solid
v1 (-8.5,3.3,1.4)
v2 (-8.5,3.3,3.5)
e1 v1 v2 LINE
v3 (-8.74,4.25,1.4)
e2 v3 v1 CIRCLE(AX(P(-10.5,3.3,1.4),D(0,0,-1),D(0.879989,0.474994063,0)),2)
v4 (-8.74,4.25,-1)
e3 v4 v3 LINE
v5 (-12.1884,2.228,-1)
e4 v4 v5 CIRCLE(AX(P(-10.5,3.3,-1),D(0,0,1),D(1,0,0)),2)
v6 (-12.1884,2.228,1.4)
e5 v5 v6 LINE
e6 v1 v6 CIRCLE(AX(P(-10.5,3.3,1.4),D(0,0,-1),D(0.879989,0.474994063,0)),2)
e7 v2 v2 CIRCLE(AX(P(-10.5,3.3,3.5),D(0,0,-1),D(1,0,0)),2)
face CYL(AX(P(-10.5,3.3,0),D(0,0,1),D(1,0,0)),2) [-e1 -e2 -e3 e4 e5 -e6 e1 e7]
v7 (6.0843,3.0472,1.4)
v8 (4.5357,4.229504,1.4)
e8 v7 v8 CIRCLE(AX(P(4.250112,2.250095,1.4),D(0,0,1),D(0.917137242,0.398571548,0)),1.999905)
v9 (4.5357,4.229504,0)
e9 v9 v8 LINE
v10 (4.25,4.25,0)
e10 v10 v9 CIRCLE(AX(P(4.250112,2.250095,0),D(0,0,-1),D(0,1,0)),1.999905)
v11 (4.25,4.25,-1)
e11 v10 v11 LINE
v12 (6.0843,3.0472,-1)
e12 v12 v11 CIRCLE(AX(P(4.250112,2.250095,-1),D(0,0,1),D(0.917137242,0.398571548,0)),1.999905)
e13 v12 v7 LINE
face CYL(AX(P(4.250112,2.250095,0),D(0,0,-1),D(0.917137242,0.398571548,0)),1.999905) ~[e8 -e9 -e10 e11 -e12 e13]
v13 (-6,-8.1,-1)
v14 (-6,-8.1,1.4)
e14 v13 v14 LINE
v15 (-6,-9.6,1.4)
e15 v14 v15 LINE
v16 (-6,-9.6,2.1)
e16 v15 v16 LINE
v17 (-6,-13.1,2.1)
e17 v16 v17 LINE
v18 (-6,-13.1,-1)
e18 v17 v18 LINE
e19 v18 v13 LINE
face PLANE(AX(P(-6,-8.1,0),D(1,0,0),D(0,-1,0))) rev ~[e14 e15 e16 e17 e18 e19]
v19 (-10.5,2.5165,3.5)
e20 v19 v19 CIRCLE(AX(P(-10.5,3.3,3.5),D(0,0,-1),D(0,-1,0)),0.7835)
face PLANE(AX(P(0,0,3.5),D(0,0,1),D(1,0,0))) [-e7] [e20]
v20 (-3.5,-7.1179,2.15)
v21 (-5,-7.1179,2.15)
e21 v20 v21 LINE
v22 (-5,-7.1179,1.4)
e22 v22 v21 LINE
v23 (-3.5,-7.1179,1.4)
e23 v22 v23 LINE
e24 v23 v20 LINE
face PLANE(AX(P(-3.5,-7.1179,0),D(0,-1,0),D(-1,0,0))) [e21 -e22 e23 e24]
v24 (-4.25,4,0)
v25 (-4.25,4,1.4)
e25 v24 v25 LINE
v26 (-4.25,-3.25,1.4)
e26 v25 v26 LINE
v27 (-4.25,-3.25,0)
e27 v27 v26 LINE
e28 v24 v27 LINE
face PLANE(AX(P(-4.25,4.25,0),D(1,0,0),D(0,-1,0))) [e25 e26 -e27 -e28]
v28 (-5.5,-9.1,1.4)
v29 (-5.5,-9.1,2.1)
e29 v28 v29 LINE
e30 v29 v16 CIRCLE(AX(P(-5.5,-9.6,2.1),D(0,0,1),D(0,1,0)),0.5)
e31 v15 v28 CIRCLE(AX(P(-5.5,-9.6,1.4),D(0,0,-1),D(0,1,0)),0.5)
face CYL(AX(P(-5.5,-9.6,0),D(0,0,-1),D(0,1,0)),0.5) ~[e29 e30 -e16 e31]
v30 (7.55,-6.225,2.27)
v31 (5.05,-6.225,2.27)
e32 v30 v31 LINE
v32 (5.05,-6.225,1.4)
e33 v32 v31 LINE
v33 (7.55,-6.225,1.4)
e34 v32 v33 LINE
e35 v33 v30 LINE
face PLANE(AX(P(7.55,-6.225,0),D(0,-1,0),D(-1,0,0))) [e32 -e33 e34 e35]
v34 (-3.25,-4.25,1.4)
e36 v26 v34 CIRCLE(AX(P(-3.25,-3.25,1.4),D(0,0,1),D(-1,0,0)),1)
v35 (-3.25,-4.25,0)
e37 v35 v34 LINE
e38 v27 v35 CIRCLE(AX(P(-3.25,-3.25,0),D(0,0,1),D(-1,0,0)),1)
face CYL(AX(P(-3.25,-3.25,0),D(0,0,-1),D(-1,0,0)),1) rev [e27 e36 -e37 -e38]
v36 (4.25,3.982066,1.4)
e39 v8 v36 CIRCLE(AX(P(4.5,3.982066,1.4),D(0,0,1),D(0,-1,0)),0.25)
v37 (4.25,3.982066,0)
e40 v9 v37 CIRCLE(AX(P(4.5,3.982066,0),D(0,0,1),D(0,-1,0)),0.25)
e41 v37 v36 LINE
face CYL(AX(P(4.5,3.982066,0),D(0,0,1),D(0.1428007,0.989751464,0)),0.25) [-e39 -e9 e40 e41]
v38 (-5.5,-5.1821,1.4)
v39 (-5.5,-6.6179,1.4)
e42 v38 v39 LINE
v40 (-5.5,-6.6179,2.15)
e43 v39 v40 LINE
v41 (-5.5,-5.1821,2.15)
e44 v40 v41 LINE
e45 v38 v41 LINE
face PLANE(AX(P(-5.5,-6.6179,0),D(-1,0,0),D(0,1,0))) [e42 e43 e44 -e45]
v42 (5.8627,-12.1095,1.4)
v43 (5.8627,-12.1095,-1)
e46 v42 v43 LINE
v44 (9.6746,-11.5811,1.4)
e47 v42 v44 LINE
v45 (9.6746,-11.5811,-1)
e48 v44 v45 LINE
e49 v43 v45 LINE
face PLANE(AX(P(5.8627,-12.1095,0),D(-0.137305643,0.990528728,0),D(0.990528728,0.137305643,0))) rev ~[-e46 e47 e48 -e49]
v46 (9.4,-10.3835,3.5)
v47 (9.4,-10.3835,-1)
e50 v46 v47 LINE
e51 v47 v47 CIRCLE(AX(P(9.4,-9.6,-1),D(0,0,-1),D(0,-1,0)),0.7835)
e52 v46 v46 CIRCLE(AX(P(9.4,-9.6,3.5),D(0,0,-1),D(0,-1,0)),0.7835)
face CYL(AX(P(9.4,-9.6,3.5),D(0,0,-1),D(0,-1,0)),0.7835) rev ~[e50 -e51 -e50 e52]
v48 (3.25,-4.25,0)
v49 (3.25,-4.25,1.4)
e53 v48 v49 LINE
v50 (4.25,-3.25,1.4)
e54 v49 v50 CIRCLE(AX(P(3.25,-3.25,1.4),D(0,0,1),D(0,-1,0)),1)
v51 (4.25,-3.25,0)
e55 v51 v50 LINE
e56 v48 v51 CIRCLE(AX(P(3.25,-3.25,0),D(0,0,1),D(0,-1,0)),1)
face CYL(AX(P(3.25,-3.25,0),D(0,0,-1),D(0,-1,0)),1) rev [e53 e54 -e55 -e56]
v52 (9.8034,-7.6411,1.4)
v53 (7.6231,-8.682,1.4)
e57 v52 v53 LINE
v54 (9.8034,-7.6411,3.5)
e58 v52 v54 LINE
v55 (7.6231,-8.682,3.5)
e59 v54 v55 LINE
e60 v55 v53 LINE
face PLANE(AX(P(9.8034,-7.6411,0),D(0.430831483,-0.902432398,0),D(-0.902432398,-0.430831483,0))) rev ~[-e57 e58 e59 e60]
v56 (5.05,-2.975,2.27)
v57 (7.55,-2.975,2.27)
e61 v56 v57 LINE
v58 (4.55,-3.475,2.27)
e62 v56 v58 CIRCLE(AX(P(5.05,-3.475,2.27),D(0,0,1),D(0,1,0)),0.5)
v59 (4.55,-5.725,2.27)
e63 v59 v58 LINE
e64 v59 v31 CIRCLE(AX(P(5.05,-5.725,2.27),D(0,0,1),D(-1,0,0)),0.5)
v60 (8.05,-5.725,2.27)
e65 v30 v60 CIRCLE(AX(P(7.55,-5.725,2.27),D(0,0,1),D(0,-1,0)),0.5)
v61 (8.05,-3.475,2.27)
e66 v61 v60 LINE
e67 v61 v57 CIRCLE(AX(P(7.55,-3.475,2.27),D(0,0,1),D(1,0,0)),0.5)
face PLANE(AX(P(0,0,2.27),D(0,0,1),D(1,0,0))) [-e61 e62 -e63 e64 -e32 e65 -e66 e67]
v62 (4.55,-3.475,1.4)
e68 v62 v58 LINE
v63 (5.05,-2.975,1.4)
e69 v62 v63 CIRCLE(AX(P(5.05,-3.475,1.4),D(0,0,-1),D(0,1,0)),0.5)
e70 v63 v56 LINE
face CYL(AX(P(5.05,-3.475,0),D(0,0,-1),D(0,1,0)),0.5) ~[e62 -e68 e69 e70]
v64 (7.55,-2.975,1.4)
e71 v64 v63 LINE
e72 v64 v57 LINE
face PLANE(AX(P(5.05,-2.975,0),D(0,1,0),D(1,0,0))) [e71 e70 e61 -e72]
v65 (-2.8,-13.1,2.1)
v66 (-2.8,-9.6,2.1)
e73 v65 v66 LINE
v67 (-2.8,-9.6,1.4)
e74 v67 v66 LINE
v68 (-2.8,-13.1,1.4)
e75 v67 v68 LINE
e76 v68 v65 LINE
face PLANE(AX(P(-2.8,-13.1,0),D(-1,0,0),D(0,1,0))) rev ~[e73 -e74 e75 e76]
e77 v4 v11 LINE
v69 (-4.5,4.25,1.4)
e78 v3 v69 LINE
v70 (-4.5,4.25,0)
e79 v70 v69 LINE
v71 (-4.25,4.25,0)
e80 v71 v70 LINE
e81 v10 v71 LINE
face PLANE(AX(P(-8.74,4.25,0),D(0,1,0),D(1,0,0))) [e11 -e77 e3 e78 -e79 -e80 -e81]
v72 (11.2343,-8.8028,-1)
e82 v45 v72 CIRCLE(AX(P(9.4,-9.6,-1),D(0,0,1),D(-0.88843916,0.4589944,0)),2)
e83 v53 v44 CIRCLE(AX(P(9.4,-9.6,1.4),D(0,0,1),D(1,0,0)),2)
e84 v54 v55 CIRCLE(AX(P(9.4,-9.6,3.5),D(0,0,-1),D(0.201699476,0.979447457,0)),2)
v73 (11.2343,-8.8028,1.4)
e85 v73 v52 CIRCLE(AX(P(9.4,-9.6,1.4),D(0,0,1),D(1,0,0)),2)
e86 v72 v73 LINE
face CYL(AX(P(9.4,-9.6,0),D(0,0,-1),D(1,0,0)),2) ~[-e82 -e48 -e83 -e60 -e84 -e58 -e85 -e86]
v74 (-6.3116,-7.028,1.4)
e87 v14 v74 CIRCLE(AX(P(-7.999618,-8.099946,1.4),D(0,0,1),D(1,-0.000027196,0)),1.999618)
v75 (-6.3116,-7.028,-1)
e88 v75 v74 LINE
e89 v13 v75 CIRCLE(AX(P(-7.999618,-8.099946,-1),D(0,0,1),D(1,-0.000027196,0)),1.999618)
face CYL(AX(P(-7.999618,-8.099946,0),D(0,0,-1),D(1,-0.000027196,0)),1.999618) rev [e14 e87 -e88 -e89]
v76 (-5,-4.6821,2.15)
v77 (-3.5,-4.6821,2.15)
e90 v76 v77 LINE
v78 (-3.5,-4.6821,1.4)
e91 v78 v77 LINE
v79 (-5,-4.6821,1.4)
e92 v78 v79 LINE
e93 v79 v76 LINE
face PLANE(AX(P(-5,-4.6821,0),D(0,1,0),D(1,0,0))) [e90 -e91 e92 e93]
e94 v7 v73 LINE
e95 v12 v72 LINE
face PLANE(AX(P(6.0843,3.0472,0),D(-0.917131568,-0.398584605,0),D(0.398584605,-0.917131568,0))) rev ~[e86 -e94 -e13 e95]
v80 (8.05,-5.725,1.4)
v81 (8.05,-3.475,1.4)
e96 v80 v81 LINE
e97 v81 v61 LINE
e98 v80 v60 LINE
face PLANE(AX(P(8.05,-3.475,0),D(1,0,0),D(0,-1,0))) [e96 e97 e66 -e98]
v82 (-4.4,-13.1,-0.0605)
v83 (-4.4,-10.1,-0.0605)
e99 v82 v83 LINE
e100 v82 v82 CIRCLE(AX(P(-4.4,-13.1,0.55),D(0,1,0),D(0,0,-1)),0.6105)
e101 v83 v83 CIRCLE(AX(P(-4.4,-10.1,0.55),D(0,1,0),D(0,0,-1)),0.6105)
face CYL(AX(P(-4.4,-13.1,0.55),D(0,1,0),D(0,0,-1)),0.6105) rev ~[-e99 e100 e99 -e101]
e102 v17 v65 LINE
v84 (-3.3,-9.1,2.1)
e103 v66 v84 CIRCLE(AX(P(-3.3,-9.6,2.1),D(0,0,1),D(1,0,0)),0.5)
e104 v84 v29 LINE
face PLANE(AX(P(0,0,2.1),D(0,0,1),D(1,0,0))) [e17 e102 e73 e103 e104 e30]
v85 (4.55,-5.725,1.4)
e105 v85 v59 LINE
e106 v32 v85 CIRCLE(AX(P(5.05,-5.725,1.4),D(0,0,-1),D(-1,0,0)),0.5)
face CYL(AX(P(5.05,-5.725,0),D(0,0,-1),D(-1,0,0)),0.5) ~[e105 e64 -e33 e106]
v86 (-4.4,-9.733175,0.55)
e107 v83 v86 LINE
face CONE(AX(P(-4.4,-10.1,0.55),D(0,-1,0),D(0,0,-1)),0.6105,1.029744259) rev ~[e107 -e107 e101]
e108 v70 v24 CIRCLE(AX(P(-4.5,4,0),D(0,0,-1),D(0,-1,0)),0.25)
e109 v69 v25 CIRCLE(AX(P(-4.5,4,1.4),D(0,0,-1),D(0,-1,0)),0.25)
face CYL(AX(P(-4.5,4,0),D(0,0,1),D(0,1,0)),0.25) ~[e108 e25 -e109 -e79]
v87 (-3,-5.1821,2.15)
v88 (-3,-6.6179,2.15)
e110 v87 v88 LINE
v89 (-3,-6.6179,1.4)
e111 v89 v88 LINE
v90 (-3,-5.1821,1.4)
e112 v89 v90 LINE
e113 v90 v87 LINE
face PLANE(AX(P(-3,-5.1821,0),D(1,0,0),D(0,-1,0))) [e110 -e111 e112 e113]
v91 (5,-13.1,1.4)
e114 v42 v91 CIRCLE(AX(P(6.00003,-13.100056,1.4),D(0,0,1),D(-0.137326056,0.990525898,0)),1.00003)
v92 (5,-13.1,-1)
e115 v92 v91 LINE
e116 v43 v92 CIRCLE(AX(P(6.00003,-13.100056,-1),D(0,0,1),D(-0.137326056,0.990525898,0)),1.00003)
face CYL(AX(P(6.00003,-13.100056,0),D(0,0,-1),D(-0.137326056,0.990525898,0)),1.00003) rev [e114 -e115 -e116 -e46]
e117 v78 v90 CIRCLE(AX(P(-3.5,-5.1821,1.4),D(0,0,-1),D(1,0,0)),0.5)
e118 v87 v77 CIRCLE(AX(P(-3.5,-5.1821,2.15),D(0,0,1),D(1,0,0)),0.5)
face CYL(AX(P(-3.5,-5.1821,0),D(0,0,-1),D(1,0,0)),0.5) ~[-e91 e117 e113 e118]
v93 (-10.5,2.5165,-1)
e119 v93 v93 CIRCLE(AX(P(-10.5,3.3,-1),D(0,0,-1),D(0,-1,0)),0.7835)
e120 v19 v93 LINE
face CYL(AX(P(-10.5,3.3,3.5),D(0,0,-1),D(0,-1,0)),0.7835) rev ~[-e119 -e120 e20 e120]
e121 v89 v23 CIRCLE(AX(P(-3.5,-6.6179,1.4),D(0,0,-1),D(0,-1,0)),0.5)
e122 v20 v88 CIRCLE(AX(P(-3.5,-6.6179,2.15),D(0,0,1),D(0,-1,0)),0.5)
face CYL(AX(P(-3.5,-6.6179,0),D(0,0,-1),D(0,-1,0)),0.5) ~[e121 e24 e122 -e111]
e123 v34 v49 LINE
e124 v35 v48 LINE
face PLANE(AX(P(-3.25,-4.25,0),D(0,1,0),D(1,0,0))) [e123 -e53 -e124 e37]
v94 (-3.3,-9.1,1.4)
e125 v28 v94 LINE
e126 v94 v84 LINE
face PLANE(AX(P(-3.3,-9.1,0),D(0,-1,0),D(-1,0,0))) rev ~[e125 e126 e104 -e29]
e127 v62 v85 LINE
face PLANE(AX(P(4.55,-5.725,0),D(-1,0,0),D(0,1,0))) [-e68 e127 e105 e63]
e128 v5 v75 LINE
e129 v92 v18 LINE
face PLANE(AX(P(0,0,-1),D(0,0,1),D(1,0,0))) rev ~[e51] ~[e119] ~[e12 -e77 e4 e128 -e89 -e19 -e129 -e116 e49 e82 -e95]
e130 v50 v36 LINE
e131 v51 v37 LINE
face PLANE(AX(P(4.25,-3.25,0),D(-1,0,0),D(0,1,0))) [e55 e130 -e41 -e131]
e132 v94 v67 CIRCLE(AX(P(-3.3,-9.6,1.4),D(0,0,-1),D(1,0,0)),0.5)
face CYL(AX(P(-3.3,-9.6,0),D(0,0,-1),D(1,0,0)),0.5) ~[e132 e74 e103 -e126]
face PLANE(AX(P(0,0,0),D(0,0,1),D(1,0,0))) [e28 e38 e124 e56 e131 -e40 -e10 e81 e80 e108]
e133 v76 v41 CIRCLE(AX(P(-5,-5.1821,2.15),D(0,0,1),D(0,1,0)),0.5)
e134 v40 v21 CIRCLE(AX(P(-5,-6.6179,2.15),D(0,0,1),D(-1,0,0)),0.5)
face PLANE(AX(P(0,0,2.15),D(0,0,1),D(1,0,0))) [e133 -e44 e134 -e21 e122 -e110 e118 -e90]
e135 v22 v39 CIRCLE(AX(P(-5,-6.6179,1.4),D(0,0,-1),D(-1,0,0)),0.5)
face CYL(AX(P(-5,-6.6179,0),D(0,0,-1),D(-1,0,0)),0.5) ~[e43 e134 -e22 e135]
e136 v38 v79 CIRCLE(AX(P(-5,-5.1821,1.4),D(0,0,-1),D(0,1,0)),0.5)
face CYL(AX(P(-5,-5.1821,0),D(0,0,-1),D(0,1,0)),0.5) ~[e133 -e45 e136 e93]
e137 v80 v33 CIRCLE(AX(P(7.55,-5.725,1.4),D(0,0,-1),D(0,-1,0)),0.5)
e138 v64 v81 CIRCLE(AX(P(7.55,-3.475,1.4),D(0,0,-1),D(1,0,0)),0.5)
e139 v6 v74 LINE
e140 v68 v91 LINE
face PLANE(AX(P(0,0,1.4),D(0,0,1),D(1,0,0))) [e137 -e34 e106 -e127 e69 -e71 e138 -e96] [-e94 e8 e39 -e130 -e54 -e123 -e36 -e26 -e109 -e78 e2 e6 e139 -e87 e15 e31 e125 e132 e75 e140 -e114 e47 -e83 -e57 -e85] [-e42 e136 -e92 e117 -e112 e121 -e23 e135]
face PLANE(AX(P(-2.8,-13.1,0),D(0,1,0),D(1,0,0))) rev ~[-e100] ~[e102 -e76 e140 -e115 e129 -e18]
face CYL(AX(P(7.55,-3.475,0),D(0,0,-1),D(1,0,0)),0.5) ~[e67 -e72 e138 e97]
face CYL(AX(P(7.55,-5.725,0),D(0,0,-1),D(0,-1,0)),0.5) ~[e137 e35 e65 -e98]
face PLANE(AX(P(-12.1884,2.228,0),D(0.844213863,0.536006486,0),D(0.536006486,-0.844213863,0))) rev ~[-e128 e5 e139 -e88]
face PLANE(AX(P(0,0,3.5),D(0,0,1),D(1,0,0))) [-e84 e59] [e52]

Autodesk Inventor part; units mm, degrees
ref_plane "YZ Plane" through (0, 0, 0) normal (1, 0, 0) x (0, 1, 0)
ref_plane "XZ Plane" through (0, 0, 0) normal (0, 1, 0) x (-1, 0, 0)
ref_plane "XY Plane" through (0, 0, 0) normal (0, 0, 1) x (1, 0, 0)
sketch "Sketch7" plane through (0, 0, 0) normal (0, 0, 1) x (1, 0, 0)
  line L0 (-3.75, -3.75) -> (3.75, -3.75) construction
  line L1 (3.75, -3.75) -> (3.75, 3.75) construction
  line L2 (3.75, 3.75) -> (-3.75, 3.75) construction
  line L3 (-3.75, 3.75) -> (-3.75, -3.75) construction
  line L4 (-3.75, -3.75) -> (3.75, 3.75) construction
  line L5 (3.75, -3.75) -> (-3.75, 3.75) construction
  line L6 (7.875, -6.175) -> (4.725, -6.175) construction
  line L7 (4.725, -6.175) -> (4.725, -3.025) construction
  line L8 (4.725, -3.025) -> (7.875, -3.025) construction
  line L9 (7.875, -3.025) -> (7.875, -6.175) construction
  line L10 (7.875, -6.175) -> (4.725, -3.025) construction
  line L11 (4.725, -6.175) -> (7.875, -3.025) construction
  line L12 (-3.275, -4.95) -> (-5.225, -4.95) construction
  line L13 (-5.225, -4.95) -> (-5.225, -6.85) construction
  line L14 (-5.225, -6.85) -> (-3.275, -6.85) construction
  line L15 (-3.275, -6.85) -> (-3.275, -4.95) construction
  line L16 (-3.275, -4.95) -> (-5.225, -6.85) construction
  line L17 (-5.225, -4.95) -> (-3.275, -6.85) construction
  circle A0 centre (9.4, -9.6) radius 2
  circle A1 centre (-10.5, 3.3) radius 2
  line L18 (5.05, -2.975) -> (7.55, -2.975)
  line L19 (8.05, -3.475) -> (8.05, -5.725)
  line L20 (7.55, -6.225) -> (5.05, -6.225)
  line L21 (4.55, -5.725) -> (4.55, -3.475)
  arc A2 (5.05, -2.975) -> (4.55, -3.475) centre (5.05, -3.475) ccw
  arc A3 (4.55, -5.725) -> (5.05, -6.225) centre (5.05, -5.725) ccw
  arc A4 (7.55, -6.225) -> (8.05, -5.725) centre (7.55, -5.725) ccw
  arc A5 (8.05, -3.475) -> (7.55, -2.975) centre (7.55, -3.475) ccw
  line L22 (7.55, -5.725) -> (9.4, -9.6) construction
  circle A6 centre (8.2393, -7.1689) radius 1.1 construction
  line L23 (9.8034, -7.6411) -> (7.6231, -8.682)
  line L24 (-8.74, 4.25) -> (4.25, 4.25)
  arc A7 (6.0843, 3.0472) -> (4.25, 4.25) centre (4.25, 2.25) ccw
  line L25 (6.0843, 3.0472) -> (11.2343, -8.8028)
  line L26 (-12.1884, 2.228) -> (-6.3116, -7.028)
  arc A8 (-6, -8.1) -> (-6.3116, -7.028) centre (-8, -8.1) ccw
  line L27 (-6, -8.1) -> (-6, -13.1)
  line L28 (-6, -13.1) -> (5, -13.1)
  arc A9 (5.8627, -12.1095) -> (5, -13.1) centre (6, -13.1) ccw
  line L29 (5.8627, -12.1095) -> (9.6746, -11.5811)
  line L30 (-4.25, 4.25) -> (-4.25, -3.25)
  arc A10 (-4.25, -3.25) -> (-3.25, -4.25) centre (-3.25, -3.25) ccw
  line L31 (-3.25, -4.25) -> (3.25, -4.25)
  arc A11 (3.25, -4.25) -> (4.25, -3.25) centre (3.25, -3.25) ccw
  line L32 (4.25, -3.25) -> (4.25, 4.25)
  line L33 (-3.5, -7.1179) -> (-5, -7.1179)
  line L34 (-5.5, -6.6179) -> (-5.5, -5.1821)
  line L35 (-5, -4.6821) -> (-3.5, -4.6821)
  line L36 (-3, -5.1821) -> (-3, -6.6179)
  arc A12 (-3.5, -7.1179) -> (-3, -6.6179) centre (-3.5, -6.6179) ccw
  arc A13 (-5.5, -6.6179) -> (-5, -7.1179) centre (-5, -6.6179) ccw
  arc A14 (-5, -4.6821) -> (-5.5, -5.1821) centre (-5, -5.1821) ccw
  arc A15 (-3, -5.1821) -> (-3.5, -4.6821) centre (-3.5, -5.1821) ccw
  line L37 (-2.8, -13.1) -> (-2.8, -9.6)
  arc A16 (-2.8, -9.6) -> (-3.3, -9.1) centre (-3.3, -9.6) ccw
  line L38 (-3.3, -9.1) -> (-5.5, -9.1)
  arc A17 (-5.5, -9.1) -> (-6, -9.6) centre (-5.5, -9.6) ccw
  point P0 (0, 0)
  point P1 (6.3, -4.6)
  point P2 (-4.25, -5.9)
  point P3 (6.3, -2.975)
  point P4 (6.3, -3.025)
  point P5 (4.725, -4.6)
  point P6 (4.55, -4.6)
  point P7 (0, -4.25)
  point P8 (0, 0)
  point P9 (-5.5, -4.6821)
  point P10 (-4.25, -7.1179)
  point P11 (-4.25, -5.9)
  point P12 (-4.25, -5.9)
  point P13 (-3, -5.9)
  dimension "d58" = 7.5
  dimension "d60" = 4.6
  dimension "d61" = 6.3
  dimension "d62" = 3.15
  dimension "d63" = 4.25
  dimension "d64" = 1.95
  dimension "d65" = 1.9
  dimension "d66" = 5.9
  dimension "d67" = 4
  dimension "d68" = 19.9
  dimension "d69" = 12.9
  dimension "d70" = 9.4
  dimension "d71" = 9.6
  dimension "d83" = 0.5
  dimension "d84" = 2.2
  dimension "d85" = 1.594
  dimension "d86" = 3.5
  dimension "d87" = 3.25
  dimension "d88" = 4.25
  dimension "d89" = 2
  dimension "d91" = 13.1
  dimension "d93" = 5
  dimension "d94" = 5
  dimension "d97" = 6
  dimension "d98" = 8.5
  dimension "d99" = 1
  dimension "d100" = 4.25
  dimension "d105" = 0.5
  dimension "d106" = 2.5
  dimension "d109" = 3.2
  dimension "d110" = 4
extrude "Extrusion5" add sketch "Sketch7" along normal blind 3.5 and the other way blind 1 contours A0 L23 | A1 picked at (10.0114, -9.3401)
sketch "Sketch8" plane through (-10.5, 3.3, 3.5) normal (0, 0, 1) x (1, 0, 0)
  circle A0 centre (0, 0) radius 2 projected
  arc A1 (18.1231, -11.982) -> (20.3034, -10.9411) centre (19.9, -12.9) ccw projected
  line L0 (20.3034, -10.9411) -> (18.1231, -11.982) projected
  point P0 (10.5, -3.3)
hole "Hole3" at (-10.5, 3.3, 3.5) at (9.4, -9.6, 3.5) direction (0, 0, -1) diameter 1.567 end through all thread size "M2x0.4" class "6H" standard "ANSI Metric M Profile"
extrude "Extrusion6" add sketch "Sketch7" against normal up to surface (1 mm away) contours A0 L29 A9 L28 L37 A16 L38 A17 L27 A8 L26 A1 L24 L30 A10 L31 A11 L32 A7 L25 | L23 A0 | L32 A11 L31 A10 L30 L24 | L28 L27 A17 L38 A16 L37 | L18 A5 L19 A4 L20 A3 L21 A2 | L33 A13 L34 A14 L35 A15 L36 A12 picked at (8.4293, -8.2151)
extrude "Extrusion7" add sketch "Sketch7" along normal blind 1.4 contours A0 L29 A9 L28 L37 A16 L38 A17 L27 A8 L26 A1 L24 L30 A10 L31 A11 L32 A7 L25 | L23 A0 | L28 L27 A17 L38 A16 L37 | L18 A5 L19 A4 L20 A3 L21 A2 | L33 A13 L34 A14 L35 A15 L36 A12 picked at (8.4293, -8.2151)
extrude "Extrusion8" add sketch "Sketch7" along normal blind 2.27 contours L18 A5 L19 A4 L20 A3 L21 A2
extrude "Extrusion9" add sketch "Sketch7" along normal blind 2.15 contours L33 A13 L34 A14 L35 A15 L36 A12
extrude "Extrusion10" add sketch "Sketch7" along normal blind 2.1 contours L28 L27 A17 L38 A16 L37
sketch "Sketch9" plane through (-6, -13.1, -1) normal (0, -1, 0) x (1, 0, 0)
  line L0 (0, 0) -> (0, 3.1) projected
  line L1 (11, 0) -> (0, 0) projected
  line L2 (11, 0) -> (11, 2.4) projected
  line L3 (3.2, 2.4) -> (11, 2.4) projected
  line L4 (3.2, 2.4) -> (3.2, 3.1) projected
  line L5 (0, 3.1) -> (3.2, 3.1) projected
  line L6 (0, 0) -> (3.2, 3.1) construction
  point P0 (6, 1)
  point P1 (1.6, 1.55)
hole "Hole4" at (-4.4, -13.1, 0.55) direction (0, 1, 0) diameter 1.221 depth 3 tip angle 118 thread size "M1.6x0.35" class "6H" standard "ANSI Metric M Profile"
fillet "Fillet3" radius 0.25 2 edges at (4.25, 4.25, 0.7) (-4.25, 4.25, 0.7)
equation "\"d100\" = 0.5 * d98"
equation "\"SilPad\" = 0.35"
properties part number "EPS_RegulatorHeatsink-B" material "Aluminum 6061"
